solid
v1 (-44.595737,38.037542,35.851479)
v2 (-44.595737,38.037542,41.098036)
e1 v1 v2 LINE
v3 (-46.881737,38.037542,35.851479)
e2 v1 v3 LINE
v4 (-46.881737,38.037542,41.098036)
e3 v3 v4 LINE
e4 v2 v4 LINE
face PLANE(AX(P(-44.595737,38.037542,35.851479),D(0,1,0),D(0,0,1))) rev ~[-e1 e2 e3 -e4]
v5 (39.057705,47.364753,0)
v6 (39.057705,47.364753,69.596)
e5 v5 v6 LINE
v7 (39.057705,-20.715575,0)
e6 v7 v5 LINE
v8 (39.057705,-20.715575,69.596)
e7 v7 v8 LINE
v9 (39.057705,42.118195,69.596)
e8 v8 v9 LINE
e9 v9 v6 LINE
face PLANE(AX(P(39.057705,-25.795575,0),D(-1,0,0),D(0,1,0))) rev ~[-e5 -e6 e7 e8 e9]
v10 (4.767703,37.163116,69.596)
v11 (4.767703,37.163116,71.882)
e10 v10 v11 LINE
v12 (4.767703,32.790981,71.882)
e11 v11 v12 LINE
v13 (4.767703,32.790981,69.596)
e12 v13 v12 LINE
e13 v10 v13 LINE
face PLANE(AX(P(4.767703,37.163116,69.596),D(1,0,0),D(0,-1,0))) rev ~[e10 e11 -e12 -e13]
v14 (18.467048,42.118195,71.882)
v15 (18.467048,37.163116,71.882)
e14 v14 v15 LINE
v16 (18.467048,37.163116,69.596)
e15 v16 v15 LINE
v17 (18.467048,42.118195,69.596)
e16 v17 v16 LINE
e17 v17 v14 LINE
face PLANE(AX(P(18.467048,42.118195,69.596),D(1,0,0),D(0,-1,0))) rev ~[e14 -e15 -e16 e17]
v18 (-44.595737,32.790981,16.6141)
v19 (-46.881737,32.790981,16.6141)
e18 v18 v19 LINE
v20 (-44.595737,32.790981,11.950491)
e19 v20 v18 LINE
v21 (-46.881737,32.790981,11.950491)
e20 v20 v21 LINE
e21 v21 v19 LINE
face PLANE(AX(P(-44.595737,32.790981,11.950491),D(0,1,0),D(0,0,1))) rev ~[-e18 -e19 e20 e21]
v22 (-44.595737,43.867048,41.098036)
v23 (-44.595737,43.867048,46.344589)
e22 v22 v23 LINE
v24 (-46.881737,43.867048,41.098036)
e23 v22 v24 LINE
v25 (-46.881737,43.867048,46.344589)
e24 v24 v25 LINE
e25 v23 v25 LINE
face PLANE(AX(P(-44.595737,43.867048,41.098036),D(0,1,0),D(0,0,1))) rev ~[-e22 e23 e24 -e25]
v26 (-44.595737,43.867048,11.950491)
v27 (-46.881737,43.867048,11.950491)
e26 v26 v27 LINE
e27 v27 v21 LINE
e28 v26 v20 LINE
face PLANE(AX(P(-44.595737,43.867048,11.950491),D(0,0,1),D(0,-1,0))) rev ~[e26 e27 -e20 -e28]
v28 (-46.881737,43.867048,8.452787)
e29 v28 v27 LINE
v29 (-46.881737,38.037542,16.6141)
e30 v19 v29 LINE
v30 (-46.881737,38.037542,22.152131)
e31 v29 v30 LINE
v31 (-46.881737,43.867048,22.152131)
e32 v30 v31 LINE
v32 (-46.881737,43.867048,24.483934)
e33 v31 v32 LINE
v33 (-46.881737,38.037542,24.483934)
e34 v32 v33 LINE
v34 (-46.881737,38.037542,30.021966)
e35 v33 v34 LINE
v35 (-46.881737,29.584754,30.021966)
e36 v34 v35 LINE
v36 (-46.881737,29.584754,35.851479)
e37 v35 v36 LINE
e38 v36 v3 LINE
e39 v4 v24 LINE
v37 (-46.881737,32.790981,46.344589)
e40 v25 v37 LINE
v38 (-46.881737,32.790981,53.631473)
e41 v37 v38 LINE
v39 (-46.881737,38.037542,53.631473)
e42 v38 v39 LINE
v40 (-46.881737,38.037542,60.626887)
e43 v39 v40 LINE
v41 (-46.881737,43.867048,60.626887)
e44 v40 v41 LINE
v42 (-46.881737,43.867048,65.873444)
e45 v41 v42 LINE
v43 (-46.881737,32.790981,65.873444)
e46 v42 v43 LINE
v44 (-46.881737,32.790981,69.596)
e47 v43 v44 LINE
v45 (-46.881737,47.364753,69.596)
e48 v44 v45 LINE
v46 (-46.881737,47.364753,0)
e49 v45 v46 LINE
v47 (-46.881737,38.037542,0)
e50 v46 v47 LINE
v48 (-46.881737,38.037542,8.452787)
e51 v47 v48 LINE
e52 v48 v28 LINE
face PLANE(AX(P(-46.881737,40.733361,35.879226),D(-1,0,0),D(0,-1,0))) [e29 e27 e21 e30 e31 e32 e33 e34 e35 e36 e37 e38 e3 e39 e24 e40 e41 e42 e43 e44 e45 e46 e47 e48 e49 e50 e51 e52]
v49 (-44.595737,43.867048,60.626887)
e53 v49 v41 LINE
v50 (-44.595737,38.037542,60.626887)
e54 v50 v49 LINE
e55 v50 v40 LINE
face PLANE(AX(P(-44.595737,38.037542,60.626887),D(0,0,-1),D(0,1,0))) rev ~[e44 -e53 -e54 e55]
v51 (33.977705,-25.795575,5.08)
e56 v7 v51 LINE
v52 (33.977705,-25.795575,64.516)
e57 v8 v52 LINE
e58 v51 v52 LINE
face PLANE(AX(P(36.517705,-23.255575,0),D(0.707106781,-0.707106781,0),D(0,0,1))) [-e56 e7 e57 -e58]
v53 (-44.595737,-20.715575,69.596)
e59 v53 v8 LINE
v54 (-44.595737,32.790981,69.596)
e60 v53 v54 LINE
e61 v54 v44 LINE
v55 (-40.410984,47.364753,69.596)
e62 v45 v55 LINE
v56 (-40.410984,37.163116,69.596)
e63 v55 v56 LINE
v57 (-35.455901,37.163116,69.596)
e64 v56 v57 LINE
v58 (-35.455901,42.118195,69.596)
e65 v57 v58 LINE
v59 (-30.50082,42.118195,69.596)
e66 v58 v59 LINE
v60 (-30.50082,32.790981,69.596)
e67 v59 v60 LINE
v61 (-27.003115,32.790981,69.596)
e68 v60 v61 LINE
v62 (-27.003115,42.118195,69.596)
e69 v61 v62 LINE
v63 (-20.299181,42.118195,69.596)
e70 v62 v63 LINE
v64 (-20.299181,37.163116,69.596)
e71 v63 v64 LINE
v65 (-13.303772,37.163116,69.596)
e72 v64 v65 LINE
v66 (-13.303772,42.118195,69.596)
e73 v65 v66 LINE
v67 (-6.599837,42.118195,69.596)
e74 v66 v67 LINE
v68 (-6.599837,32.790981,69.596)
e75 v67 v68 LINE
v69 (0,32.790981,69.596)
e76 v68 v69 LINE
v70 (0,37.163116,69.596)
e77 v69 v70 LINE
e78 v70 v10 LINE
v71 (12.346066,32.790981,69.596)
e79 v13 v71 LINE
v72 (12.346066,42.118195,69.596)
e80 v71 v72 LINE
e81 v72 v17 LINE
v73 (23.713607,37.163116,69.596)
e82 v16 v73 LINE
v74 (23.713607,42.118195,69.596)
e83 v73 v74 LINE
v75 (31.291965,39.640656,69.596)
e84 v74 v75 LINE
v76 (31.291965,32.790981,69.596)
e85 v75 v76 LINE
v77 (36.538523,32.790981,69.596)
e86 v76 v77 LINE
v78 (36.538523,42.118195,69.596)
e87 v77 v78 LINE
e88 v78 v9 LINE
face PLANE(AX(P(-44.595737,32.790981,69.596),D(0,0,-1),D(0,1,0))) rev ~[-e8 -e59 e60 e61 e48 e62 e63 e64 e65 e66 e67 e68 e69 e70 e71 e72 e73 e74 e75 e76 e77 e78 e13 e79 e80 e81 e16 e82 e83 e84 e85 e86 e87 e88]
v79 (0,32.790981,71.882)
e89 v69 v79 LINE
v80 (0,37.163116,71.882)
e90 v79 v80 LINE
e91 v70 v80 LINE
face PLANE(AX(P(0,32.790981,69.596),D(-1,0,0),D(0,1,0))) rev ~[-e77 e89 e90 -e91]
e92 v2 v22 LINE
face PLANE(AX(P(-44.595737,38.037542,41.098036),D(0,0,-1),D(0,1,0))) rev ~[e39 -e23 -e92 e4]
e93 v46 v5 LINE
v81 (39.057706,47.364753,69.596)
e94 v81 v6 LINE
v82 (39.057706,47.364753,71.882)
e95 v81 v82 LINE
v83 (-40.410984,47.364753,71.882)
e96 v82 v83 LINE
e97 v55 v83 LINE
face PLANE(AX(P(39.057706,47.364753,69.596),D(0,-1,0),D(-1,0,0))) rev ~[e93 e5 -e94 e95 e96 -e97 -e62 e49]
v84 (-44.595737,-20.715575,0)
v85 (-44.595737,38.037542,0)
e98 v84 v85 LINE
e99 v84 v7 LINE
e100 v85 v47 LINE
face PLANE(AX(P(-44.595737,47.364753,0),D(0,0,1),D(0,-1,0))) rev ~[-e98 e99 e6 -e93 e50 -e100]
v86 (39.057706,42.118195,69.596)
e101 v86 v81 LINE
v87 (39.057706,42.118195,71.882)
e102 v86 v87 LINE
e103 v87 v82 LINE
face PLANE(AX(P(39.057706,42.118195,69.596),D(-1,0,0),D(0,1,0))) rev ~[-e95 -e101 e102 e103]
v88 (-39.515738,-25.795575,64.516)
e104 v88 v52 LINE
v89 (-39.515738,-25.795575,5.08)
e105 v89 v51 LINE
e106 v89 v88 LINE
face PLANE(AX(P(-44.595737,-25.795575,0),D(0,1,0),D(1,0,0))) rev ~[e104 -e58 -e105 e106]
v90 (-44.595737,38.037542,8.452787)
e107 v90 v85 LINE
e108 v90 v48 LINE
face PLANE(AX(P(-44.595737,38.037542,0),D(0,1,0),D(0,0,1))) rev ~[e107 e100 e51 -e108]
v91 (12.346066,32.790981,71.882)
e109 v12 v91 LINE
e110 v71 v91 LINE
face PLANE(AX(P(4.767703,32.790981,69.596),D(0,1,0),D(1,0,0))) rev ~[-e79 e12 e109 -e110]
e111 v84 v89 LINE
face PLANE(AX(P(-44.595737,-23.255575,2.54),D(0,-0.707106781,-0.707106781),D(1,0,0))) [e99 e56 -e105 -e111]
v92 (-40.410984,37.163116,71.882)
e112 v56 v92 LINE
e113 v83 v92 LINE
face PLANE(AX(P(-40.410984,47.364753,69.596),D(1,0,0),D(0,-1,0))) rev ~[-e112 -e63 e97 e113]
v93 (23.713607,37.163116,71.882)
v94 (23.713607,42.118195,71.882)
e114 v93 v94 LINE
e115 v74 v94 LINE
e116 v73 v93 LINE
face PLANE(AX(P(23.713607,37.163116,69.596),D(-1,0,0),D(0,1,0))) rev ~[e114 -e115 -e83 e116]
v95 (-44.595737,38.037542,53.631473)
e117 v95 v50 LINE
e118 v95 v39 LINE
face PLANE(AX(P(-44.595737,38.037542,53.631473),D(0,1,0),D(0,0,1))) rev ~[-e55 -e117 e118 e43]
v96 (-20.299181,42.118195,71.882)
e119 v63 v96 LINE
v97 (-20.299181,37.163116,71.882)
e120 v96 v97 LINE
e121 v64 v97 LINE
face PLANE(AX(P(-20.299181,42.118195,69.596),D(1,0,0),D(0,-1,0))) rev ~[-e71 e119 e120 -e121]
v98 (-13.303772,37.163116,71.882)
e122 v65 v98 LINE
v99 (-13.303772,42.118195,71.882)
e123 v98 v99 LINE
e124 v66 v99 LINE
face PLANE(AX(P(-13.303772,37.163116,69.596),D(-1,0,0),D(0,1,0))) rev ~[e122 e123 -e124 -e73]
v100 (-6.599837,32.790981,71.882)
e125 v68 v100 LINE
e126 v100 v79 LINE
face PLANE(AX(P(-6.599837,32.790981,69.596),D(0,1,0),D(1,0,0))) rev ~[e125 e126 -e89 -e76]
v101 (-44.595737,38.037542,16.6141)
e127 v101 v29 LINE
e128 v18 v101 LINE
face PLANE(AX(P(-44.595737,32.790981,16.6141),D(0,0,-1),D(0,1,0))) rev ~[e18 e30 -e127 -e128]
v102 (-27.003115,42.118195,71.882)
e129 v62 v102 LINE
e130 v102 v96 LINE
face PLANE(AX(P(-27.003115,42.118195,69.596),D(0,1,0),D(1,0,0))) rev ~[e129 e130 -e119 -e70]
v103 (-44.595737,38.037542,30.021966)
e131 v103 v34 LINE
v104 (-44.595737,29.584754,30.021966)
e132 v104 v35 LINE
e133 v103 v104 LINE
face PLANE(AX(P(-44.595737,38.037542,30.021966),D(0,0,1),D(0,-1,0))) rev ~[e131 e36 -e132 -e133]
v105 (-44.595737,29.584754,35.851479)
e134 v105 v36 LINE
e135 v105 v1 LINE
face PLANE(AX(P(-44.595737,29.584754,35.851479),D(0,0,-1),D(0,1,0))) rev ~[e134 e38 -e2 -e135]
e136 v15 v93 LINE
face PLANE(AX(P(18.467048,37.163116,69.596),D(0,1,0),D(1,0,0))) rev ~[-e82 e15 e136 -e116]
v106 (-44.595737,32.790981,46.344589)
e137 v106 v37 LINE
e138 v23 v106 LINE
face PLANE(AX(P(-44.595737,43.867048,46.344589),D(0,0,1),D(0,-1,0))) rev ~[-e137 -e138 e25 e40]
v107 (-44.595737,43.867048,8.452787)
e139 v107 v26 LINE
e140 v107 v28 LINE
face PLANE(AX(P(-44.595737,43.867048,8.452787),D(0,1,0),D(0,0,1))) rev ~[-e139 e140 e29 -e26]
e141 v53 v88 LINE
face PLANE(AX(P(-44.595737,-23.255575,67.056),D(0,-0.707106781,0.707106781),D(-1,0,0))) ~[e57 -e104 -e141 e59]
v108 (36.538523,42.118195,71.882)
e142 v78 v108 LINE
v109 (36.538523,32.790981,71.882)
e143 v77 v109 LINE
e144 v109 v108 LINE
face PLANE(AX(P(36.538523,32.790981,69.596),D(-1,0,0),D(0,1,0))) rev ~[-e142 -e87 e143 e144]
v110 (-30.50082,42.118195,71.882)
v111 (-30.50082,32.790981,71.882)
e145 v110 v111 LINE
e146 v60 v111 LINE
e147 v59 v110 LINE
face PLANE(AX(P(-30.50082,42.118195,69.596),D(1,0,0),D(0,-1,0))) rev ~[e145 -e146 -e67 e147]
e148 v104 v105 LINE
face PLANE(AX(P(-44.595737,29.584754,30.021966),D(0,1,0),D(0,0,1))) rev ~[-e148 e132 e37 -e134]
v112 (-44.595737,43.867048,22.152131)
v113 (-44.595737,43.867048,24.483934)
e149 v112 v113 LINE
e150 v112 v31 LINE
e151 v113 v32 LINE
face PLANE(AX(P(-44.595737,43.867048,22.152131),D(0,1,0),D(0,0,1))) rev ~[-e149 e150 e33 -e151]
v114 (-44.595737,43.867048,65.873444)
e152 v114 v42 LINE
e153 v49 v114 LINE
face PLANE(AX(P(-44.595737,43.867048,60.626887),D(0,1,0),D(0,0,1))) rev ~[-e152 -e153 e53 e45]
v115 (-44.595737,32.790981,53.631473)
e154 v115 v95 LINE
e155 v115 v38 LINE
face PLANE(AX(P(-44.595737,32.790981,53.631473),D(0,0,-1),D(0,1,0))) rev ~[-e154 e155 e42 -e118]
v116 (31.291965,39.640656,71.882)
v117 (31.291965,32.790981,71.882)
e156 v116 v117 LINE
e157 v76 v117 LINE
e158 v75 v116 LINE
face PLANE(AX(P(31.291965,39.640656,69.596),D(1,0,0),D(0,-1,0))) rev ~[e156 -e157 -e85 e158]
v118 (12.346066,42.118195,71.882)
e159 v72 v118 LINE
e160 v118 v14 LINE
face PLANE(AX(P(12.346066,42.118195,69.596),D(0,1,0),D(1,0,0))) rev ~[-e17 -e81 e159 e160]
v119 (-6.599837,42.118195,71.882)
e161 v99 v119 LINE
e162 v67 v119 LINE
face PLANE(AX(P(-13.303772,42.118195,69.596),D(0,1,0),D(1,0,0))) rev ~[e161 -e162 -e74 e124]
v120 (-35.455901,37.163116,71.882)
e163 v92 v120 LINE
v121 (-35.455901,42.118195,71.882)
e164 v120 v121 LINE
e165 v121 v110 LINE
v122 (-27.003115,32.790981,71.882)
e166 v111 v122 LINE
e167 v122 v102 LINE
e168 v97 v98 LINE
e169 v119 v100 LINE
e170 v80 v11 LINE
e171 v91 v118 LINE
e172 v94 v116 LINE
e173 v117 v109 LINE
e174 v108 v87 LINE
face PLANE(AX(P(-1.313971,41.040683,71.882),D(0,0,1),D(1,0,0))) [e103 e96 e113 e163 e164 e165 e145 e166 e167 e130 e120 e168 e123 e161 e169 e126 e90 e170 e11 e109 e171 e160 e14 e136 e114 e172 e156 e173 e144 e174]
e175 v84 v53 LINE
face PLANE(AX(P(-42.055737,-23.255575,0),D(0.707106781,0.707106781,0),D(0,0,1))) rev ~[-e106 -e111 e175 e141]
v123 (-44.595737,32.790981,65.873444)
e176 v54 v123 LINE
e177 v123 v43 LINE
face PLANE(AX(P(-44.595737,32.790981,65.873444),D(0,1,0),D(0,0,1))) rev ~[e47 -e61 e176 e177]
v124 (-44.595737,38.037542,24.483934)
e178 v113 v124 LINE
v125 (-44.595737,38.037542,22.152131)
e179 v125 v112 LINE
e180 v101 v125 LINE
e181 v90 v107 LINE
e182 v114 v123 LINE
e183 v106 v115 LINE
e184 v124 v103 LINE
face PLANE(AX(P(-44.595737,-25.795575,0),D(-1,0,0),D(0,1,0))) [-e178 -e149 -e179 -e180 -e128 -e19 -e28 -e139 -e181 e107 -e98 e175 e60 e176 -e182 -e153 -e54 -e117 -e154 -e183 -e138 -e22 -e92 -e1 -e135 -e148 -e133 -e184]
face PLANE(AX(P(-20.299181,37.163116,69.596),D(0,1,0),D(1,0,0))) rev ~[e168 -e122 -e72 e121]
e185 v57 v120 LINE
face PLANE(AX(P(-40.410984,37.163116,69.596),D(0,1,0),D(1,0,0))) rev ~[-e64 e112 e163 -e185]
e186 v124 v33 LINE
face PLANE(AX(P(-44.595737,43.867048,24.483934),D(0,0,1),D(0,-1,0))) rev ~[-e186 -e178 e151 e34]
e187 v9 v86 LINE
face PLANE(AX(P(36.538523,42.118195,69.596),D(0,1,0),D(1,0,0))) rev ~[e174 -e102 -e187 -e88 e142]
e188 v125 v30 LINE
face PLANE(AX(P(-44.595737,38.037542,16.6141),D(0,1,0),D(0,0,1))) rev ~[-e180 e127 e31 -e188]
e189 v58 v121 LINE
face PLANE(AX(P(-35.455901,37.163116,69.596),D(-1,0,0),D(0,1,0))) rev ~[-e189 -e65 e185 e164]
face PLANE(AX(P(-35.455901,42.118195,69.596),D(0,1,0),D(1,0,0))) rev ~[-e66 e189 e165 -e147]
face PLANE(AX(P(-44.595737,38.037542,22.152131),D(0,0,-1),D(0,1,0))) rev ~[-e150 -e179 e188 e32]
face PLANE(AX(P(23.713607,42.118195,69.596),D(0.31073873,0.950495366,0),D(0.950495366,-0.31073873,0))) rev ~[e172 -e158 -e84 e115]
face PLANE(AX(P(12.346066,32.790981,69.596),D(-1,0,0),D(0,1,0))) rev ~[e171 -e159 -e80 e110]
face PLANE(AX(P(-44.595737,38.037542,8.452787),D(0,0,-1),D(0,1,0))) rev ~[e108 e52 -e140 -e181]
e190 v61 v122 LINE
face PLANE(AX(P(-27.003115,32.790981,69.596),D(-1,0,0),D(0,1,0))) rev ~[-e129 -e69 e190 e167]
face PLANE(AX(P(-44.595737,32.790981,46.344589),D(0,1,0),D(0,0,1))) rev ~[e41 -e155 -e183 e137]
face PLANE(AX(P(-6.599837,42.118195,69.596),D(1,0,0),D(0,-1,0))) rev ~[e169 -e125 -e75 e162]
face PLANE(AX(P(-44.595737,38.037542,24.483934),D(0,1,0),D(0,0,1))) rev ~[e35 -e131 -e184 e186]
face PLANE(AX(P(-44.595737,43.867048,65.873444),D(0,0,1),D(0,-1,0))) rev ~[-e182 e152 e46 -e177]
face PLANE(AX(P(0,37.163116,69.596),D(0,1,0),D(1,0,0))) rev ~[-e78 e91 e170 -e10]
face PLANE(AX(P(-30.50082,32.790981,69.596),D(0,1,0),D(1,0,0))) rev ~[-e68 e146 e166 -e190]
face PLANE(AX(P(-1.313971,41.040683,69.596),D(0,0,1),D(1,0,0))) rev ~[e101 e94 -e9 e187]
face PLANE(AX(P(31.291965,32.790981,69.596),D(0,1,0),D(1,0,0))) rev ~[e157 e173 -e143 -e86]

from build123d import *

# Parameters (mm, degrees)
F0_W     = 83.653443
F0_H     = 73.160328
F1_DEPTH = 69.596
F3_DEPTH = 2.286
F5_DEPTH = 2.286
F6_SIZE  = 5.08


with BuildPart() as f1:
    # F0 (on Top) → F1 (new body)
    with BuildSketch(Plane.XY):
        with Locations((-2.769016, 10.784589)):
            Rectangle(F0_W, F0_H)
    extrude(amount=F1_DEPTH)

    # F2 (on face) → F3 (join)
    with BuildSketch(Plane(origin=(-44.595737, 0, 0), x_dir=(0, -1, 0), z_dir=(-1, 0, 0))):
        Polygon((-47.364753, 0), (-38.037542, 0), (-38.037542, 8.452787), (-43.867048, 8.452787), (-43.867048, 11.950491), (-32.790981, 11.950491), (-32.790981, 16.6141), (-38.037542, 16.6141), (-38.037542, 22.152131), (-43.867048, 22.152131), (-43.867048, 24.483934), (-38.037542, 24.483934), (-38.037542, 30.021966), (-29.584754, 30.021966), (-29.584754, 35.851479), (-38.037542, 35.851479), (-38.037542, 41.098036), (-43.867048, 41.098036), (-43.867048, 46.344589), (-32.790981, 46.344589), (-32.790981, 53.631473), (-38.037542, 53.631473), (-38.037542, 60.626887), (-43.867048, 60.626887), (-43.867048, 65.873444), (-32.790981, 65.873444), (-32.790981, 69.596), (-47.364753, 69.596), align=None)
    extrude(amount=F3_DEPTH)

    # F4 (on face) → F5 (join)
    with BuildSketch(Plane.XY.offset(69.596)):
        Polygon((39.057706, 47.364753), (-40.410984, 47.364753), (-40.410984, 37.163116), (-35.455901, 37.163116), (-35.455901, 42.118195), (-30.50082, 42.118195), (-30.50082, 32.790981), (-27.003115, 32.790981), (-27.003115, 42.118195), (-20.299181, 42.118195), (-20.299181, 37.163116), (-13.303772, 37.163116), (-13.303772, 42.118195), (-6.599837, 42.118195), (-6.599837, 32.790981), (0, 32.790981), (0, 37.163116), (4.767703, 37.163116), (4.767703, 32.790981), (12.346066, 32.790981), (12.346066, 42.118195), (18.467048, 42.118195), (18.467048, 37.163116), (23.713607, 37.163116), (23.713607, 42.118195), (31.291965, 39.640656), (31.291965, 32.790981), (36.538523, 32.790981), (36.538523, 42.118195), (39.057706, 42.118195), align=None)
    extrude(amount=F5_DEPTH)

    # F6
    f6_edges = [f1.edges().sort_by_distance(p)[0] for p in [
        (-2.769016, -25.795575, 69.596),
        (-44.595737, -25.795575, 34.798),
        (-2.769016, -25.795575, 0),
        (39.057706, -25.795575, 34.798),
    ]]
    chamfer(f6_edges, length=F6_SIZE)


solid = f1.part
